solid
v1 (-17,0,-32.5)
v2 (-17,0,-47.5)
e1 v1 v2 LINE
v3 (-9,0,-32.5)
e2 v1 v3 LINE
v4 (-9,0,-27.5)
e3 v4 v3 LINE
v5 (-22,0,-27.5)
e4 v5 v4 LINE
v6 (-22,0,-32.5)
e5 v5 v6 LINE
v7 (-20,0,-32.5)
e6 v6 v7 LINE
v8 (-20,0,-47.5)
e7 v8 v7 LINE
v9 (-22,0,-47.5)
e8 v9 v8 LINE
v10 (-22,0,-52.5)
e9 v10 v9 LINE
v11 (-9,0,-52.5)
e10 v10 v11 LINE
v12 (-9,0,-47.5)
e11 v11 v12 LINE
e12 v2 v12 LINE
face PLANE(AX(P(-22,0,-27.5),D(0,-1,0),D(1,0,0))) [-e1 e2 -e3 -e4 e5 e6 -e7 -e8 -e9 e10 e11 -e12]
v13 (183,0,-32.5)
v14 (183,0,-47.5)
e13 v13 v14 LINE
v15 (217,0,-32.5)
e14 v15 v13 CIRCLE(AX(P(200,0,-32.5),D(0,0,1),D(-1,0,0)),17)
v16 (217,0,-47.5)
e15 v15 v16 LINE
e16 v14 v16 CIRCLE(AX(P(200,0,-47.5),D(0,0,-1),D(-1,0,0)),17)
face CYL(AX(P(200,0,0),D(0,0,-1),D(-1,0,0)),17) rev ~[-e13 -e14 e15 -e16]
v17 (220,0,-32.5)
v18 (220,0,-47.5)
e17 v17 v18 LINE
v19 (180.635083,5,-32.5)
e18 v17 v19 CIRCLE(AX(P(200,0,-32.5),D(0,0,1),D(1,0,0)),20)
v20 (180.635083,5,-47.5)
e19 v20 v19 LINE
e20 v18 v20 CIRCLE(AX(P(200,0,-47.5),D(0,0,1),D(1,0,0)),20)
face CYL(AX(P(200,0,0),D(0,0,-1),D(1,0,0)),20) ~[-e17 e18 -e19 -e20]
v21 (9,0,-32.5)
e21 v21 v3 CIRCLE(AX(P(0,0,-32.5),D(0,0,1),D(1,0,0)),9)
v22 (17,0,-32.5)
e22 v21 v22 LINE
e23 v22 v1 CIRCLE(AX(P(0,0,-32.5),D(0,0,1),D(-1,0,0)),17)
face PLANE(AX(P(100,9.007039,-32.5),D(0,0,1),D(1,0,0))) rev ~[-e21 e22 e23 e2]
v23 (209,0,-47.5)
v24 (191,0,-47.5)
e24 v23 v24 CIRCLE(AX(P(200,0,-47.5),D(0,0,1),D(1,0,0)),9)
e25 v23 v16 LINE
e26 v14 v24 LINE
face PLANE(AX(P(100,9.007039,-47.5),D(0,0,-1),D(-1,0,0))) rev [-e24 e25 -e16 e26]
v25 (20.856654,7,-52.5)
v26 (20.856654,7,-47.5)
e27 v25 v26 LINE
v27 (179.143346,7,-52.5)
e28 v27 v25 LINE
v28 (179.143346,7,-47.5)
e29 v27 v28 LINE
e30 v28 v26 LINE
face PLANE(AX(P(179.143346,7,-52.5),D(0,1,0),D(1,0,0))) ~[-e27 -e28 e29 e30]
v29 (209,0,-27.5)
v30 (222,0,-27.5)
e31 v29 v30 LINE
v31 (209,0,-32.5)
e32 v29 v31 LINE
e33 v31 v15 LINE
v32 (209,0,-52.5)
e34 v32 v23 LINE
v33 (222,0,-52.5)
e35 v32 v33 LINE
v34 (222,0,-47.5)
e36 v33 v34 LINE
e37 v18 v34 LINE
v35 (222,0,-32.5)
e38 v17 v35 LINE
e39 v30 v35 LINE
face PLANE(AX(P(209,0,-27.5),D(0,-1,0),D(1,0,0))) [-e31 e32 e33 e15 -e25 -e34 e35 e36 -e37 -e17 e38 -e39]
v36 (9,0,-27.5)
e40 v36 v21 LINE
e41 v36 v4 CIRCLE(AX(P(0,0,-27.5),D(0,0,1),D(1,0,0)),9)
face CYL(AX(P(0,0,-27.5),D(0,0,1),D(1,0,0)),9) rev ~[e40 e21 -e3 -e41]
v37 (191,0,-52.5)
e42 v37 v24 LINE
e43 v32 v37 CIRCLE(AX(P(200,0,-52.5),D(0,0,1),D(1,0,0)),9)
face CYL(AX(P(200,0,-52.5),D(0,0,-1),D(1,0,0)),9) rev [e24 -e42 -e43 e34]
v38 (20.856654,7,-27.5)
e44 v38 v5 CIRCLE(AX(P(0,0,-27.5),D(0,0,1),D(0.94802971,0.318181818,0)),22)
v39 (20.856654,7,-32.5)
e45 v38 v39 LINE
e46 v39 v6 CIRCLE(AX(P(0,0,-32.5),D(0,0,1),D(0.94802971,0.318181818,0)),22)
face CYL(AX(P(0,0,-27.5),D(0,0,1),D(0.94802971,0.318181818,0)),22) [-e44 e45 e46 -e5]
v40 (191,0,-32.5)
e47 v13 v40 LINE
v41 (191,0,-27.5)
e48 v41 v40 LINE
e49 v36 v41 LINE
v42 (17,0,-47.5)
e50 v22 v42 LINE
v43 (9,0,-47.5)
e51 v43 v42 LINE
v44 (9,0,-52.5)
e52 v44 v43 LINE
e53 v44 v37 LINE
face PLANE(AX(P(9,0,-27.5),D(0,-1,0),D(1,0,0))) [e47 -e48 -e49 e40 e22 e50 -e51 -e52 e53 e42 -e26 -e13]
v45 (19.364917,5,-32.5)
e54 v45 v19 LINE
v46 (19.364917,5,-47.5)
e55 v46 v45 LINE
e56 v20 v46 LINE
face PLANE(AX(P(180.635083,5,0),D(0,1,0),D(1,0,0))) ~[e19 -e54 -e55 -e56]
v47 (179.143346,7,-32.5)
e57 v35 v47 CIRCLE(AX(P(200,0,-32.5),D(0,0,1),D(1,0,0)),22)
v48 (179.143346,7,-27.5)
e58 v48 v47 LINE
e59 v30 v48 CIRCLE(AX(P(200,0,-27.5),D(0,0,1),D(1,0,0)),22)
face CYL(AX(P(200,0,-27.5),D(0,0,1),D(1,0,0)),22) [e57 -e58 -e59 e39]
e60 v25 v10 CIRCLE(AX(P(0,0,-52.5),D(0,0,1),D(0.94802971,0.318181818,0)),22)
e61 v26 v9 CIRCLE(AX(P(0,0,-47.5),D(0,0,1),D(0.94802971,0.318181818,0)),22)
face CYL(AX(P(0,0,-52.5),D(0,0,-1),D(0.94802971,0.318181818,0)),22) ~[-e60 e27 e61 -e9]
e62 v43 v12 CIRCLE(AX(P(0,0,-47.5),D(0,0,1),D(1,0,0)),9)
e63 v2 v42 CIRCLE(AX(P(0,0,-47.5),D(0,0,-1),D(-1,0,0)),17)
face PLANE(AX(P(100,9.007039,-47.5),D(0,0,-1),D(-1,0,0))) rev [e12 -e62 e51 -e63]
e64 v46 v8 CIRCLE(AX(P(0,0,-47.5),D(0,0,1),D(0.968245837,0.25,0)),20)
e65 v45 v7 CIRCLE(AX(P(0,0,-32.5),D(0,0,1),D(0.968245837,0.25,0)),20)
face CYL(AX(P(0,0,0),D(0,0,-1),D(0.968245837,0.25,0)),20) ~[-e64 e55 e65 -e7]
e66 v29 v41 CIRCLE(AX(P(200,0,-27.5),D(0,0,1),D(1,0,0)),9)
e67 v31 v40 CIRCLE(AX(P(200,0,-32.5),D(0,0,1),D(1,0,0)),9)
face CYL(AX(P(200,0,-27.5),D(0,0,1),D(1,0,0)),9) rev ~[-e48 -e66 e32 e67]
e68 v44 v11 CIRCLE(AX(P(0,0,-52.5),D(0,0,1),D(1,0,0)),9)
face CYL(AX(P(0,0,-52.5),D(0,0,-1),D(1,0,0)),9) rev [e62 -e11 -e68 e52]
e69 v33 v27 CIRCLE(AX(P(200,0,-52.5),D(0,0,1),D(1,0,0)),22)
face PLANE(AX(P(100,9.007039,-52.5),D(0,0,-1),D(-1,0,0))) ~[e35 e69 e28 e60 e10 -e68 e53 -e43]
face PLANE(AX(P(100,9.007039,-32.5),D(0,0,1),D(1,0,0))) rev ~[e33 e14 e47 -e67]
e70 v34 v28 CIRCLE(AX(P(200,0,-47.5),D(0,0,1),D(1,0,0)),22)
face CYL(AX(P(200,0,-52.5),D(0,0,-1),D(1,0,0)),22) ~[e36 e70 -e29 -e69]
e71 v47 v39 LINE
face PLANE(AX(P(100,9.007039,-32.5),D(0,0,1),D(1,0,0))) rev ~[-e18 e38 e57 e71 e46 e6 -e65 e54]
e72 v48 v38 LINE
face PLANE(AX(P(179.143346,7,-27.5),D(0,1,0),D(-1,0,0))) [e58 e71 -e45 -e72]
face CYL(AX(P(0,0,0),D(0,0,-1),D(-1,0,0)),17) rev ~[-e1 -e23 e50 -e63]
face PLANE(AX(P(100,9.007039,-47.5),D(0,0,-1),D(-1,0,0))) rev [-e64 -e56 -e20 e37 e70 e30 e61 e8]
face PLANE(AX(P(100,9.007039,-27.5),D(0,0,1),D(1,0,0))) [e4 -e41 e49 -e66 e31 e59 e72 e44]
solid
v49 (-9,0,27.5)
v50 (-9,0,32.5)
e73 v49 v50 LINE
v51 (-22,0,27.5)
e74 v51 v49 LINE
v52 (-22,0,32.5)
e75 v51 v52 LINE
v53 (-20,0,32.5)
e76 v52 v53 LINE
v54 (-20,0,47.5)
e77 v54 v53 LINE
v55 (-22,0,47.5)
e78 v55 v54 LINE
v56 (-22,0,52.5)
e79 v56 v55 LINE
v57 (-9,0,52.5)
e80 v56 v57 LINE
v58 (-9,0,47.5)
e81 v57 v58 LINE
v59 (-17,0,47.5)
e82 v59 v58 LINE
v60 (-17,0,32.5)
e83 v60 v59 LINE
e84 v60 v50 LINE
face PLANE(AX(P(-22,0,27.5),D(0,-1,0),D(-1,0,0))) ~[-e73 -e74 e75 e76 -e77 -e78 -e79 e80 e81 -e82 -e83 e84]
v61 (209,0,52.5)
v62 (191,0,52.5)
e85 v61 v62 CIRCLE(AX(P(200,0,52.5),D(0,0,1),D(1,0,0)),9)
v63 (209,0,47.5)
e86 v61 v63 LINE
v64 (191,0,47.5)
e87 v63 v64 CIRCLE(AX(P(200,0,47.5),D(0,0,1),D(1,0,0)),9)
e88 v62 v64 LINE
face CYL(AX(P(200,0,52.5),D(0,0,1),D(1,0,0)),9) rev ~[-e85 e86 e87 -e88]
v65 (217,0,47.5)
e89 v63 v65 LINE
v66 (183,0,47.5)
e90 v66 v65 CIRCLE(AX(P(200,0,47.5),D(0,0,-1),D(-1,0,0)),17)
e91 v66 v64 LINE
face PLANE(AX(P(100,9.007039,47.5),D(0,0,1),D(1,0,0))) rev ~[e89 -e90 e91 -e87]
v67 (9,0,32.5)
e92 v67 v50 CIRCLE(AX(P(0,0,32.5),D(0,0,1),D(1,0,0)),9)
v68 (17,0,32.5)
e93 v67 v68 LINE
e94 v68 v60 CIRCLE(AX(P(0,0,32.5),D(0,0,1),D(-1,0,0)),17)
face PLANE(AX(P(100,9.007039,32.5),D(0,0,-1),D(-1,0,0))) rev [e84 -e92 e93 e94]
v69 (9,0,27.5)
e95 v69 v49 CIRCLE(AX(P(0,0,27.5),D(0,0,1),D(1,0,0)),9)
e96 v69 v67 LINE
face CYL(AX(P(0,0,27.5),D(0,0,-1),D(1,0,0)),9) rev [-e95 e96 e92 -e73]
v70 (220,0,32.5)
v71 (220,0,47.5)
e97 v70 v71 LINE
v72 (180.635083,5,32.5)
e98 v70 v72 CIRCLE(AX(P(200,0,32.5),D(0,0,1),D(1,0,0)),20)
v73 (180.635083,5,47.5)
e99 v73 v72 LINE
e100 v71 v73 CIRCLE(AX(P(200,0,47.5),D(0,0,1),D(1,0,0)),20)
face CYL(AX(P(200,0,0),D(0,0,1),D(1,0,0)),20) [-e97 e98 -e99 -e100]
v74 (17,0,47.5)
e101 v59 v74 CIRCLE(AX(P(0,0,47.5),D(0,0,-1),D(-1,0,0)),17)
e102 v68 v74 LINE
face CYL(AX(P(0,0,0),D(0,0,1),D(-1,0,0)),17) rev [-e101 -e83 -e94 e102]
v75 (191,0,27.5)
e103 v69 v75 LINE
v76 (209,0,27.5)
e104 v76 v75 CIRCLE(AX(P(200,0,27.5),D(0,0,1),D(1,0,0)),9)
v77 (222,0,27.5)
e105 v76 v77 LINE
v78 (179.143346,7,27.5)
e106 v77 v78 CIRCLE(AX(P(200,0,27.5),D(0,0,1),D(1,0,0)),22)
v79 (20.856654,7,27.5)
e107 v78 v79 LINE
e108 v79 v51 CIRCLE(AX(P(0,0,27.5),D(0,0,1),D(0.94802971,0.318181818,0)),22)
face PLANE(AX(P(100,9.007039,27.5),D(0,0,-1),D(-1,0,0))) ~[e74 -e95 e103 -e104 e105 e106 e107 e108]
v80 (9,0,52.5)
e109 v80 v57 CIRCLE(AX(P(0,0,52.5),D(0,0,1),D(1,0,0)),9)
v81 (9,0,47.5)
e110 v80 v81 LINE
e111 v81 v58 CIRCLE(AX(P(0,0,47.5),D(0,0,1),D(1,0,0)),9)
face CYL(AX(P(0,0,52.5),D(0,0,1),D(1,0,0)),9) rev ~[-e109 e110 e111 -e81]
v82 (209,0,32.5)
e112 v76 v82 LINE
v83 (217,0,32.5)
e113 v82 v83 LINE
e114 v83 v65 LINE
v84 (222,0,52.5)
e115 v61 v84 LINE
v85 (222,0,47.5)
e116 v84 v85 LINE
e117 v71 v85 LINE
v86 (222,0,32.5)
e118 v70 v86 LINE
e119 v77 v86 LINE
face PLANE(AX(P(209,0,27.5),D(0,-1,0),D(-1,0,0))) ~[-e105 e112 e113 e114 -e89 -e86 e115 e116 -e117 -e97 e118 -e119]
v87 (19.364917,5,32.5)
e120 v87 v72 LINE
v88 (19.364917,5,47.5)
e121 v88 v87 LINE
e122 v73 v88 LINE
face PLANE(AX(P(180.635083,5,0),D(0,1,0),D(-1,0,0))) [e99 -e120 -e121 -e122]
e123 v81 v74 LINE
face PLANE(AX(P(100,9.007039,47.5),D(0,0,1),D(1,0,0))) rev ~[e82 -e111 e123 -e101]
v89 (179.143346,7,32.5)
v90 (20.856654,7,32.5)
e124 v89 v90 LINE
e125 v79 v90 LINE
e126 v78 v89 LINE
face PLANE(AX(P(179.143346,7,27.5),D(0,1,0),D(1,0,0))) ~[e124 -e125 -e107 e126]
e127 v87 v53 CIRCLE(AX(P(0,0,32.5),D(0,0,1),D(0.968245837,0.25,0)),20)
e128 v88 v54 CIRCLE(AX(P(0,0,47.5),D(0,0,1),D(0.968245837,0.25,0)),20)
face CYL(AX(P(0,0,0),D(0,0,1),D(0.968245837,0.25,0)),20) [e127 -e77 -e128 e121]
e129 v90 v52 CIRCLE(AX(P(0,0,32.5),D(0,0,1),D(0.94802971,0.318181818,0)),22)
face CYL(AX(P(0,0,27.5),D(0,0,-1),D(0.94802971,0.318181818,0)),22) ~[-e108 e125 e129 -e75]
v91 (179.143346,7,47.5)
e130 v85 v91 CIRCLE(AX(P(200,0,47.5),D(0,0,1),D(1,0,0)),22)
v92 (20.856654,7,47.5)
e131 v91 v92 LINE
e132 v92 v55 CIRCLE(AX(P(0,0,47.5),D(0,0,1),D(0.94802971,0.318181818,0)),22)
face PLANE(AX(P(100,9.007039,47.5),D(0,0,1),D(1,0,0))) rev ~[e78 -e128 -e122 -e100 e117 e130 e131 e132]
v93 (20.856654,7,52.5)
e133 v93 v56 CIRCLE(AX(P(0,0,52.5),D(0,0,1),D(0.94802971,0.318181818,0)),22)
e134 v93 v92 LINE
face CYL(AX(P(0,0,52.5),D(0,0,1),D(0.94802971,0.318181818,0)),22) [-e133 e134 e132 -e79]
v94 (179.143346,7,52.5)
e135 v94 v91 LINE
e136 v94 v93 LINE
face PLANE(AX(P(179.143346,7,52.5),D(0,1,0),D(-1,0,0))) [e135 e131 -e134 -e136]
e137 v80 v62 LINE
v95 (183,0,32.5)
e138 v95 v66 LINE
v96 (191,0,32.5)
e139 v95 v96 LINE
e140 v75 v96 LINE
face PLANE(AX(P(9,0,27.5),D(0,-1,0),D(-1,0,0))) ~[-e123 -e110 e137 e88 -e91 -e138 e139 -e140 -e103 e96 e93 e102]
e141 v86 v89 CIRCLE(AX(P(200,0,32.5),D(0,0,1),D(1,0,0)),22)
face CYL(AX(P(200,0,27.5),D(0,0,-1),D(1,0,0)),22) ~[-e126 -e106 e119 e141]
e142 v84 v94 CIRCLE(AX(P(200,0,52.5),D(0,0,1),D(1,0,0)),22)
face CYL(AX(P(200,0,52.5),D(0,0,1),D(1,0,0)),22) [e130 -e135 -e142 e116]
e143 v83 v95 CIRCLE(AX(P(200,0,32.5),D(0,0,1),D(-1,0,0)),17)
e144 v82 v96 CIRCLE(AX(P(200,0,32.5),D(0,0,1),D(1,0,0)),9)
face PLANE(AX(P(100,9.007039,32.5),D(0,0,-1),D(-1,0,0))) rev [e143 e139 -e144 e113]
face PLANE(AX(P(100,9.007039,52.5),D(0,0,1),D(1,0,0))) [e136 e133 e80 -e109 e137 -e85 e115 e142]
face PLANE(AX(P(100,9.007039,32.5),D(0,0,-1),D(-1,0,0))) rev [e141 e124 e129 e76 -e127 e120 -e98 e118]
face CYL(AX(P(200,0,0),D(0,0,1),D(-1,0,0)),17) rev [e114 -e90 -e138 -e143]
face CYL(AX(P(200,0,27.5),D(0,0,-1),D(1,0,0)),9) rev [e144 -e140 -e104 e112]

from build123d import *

# Parameters (mm, degrees)
BOSS_EXTRUDE1_DEPTH     = 47.5
CUT_EXTRUDE1_DEPTH      = 226.956301085
CUT_EXTRUDE1_DEPTH_BACK = 226.956301085
SKETCH3_W               = 80
SKETCH3_H               = 1000
BOSS_EXTRUDE2_START     = 5
BOSS_EXTRUDE2_DEPTH     = 5


with BuildPart() as part:
    # Sketch2 → Boss-Extrude1 (new, symmetric)
    with BuildSketch(Plane.XY):
        with BuildLine():
            Line((-20, 0), (-17, 0))
            ThreePointArc((-17, 0), (0, 17), (17, 0))
            Line((17, 0), (20, 0))
            ThreePointArc((20, 0), (19.840593925, 2.52008585), (19.364916731, 5))
            ThreePointArc((19.364916731, 5), (-2.52008585, 19.840593925), (-20, 0))
        make_face()
        with BuildLine():
            Line((180.635083269, 5), (19.364916731, 5))
            ThreePointArc((19.364916731, 5), (19.840593925, 2.52008585), (20, 0))
            Line((20, 0), (180, 0))
            ThreePointArc((180, 0), (180.159406075, 2.52008585), (180.635083269, 5))
        make_face()
        with BuildLine():
            ThreePointArc((220, 0), (202.52008585, 19.840593925), (180.635083269, 5))
            ThreePointArc((180.635083269, 5), (180.159406075, 2.52008585), (180, 0))
            Line((180, 0), (183, 0))
            ThreePointArc((183, 0), (200, 17), (217, 0))
            Line((217, 0), (220, 0))
        make_face()
    extrude(amount=BOSS_EXTRUDE1_DEPTH, both=True)

    # Sketch3 → Cut-Extrude1 (cut, two sides: drawn at the far end of the back side and taken through both)
    with BuildSketch(Plane(origin=(0, 0, 0), x_dir=(0, 0, -1), z_dir=(1, 0, 0)).offset(-CUT_EXTRUDE1_DEPTH_BACK)):
        with Locations((7.5, 0)):
            Rectangle(SKETCH3_W, SKETCH3_H)
    extrude(amount=CUT_EXTRUDE1_DEPTH + CUT_EXTRUDE1_DEPTH_BACK, mode=Mode.SUBTRACT)

    # Sketch4 → Boss-Extrude2 (add)
    with BuildSketch(Plane.XY.offset(47.5).offset(BOSS_EXTRUDE2_START)):
        with BuildLine():
            Line((179.143346385, 7), (20.856653615, 7))
            ThreePointArc((20.856653615, 7), (-3.546379878, 21.712282003), (-22, 0))
            Line((-22, 0), (-20, 0))
            ThreePointArc((-20, 0), (-2.52008585, 19.840593925), (19.364916731, 5))
            Line((19.364916731, 5), (180.635083269, 5))
            ThreePointArc((180.635083269, 5), (202.52008585, 19.840593925), (220, 0))
            Line((220, 0), (222, 0))
            ThreePointArc((222, 0), (203.546379878, 21.712282003), (179.143346385, 7))
        make_face()
        with BuildLine():
            Line((180.635083269, 5), (19.364916731, 5))
            ThreePointArc((19.364916731, 5), (-2.52008585, 19.840593925), (-20, 0))
            Line((-20, 0), (-17, 0))
            ThreePointArc((-17, 0), (0, 17), (17, 0))
            Line((17, 0), (183, 0))
            ThreePointArc((183, 0), (200, 17), (217, 0))
            Line((217, 0), (220, 0))
            ThreePointArc((220, 0), (202.52008585, 19.840593925), (180.635083269, 5))
        make_face()
        with BuildLine():
            ThreePointArc((9, 0), (0, 9), (-9, 0))
            Line((-9, 0), (-17, 0))
            ThreePointArc((-17, 0), (0, 17), (17, 0))
            Line((17, 0), (9, 0))
        make_face()
        with BuildLine():
            ThreePointArc((209, 0), (200, 9), (191, 0))
            Line((191, 0), (183, 0))
            ThreePointArc((183, 0), (200, 17), (217, 0))
            Line((217, 0), (209, 0))
        make_face()
    boss_extrude2 = extrude(amount=-BOSS_EXTRUDE2_DEPTH)

    # Mirror1: Boss-Extrude2 across plane
    add(boss_extrude2.mirror(Plane(origin=(0, 0, 40), x_dir=(1, 0, 0), z_dir=(0, 0, -1))))


with BuildPart() as body_2:
    # Mirror4: mirrored copy
    add(part.part.mirror(Plane.XY))


solid = Compound([part.part, body_2.part])
